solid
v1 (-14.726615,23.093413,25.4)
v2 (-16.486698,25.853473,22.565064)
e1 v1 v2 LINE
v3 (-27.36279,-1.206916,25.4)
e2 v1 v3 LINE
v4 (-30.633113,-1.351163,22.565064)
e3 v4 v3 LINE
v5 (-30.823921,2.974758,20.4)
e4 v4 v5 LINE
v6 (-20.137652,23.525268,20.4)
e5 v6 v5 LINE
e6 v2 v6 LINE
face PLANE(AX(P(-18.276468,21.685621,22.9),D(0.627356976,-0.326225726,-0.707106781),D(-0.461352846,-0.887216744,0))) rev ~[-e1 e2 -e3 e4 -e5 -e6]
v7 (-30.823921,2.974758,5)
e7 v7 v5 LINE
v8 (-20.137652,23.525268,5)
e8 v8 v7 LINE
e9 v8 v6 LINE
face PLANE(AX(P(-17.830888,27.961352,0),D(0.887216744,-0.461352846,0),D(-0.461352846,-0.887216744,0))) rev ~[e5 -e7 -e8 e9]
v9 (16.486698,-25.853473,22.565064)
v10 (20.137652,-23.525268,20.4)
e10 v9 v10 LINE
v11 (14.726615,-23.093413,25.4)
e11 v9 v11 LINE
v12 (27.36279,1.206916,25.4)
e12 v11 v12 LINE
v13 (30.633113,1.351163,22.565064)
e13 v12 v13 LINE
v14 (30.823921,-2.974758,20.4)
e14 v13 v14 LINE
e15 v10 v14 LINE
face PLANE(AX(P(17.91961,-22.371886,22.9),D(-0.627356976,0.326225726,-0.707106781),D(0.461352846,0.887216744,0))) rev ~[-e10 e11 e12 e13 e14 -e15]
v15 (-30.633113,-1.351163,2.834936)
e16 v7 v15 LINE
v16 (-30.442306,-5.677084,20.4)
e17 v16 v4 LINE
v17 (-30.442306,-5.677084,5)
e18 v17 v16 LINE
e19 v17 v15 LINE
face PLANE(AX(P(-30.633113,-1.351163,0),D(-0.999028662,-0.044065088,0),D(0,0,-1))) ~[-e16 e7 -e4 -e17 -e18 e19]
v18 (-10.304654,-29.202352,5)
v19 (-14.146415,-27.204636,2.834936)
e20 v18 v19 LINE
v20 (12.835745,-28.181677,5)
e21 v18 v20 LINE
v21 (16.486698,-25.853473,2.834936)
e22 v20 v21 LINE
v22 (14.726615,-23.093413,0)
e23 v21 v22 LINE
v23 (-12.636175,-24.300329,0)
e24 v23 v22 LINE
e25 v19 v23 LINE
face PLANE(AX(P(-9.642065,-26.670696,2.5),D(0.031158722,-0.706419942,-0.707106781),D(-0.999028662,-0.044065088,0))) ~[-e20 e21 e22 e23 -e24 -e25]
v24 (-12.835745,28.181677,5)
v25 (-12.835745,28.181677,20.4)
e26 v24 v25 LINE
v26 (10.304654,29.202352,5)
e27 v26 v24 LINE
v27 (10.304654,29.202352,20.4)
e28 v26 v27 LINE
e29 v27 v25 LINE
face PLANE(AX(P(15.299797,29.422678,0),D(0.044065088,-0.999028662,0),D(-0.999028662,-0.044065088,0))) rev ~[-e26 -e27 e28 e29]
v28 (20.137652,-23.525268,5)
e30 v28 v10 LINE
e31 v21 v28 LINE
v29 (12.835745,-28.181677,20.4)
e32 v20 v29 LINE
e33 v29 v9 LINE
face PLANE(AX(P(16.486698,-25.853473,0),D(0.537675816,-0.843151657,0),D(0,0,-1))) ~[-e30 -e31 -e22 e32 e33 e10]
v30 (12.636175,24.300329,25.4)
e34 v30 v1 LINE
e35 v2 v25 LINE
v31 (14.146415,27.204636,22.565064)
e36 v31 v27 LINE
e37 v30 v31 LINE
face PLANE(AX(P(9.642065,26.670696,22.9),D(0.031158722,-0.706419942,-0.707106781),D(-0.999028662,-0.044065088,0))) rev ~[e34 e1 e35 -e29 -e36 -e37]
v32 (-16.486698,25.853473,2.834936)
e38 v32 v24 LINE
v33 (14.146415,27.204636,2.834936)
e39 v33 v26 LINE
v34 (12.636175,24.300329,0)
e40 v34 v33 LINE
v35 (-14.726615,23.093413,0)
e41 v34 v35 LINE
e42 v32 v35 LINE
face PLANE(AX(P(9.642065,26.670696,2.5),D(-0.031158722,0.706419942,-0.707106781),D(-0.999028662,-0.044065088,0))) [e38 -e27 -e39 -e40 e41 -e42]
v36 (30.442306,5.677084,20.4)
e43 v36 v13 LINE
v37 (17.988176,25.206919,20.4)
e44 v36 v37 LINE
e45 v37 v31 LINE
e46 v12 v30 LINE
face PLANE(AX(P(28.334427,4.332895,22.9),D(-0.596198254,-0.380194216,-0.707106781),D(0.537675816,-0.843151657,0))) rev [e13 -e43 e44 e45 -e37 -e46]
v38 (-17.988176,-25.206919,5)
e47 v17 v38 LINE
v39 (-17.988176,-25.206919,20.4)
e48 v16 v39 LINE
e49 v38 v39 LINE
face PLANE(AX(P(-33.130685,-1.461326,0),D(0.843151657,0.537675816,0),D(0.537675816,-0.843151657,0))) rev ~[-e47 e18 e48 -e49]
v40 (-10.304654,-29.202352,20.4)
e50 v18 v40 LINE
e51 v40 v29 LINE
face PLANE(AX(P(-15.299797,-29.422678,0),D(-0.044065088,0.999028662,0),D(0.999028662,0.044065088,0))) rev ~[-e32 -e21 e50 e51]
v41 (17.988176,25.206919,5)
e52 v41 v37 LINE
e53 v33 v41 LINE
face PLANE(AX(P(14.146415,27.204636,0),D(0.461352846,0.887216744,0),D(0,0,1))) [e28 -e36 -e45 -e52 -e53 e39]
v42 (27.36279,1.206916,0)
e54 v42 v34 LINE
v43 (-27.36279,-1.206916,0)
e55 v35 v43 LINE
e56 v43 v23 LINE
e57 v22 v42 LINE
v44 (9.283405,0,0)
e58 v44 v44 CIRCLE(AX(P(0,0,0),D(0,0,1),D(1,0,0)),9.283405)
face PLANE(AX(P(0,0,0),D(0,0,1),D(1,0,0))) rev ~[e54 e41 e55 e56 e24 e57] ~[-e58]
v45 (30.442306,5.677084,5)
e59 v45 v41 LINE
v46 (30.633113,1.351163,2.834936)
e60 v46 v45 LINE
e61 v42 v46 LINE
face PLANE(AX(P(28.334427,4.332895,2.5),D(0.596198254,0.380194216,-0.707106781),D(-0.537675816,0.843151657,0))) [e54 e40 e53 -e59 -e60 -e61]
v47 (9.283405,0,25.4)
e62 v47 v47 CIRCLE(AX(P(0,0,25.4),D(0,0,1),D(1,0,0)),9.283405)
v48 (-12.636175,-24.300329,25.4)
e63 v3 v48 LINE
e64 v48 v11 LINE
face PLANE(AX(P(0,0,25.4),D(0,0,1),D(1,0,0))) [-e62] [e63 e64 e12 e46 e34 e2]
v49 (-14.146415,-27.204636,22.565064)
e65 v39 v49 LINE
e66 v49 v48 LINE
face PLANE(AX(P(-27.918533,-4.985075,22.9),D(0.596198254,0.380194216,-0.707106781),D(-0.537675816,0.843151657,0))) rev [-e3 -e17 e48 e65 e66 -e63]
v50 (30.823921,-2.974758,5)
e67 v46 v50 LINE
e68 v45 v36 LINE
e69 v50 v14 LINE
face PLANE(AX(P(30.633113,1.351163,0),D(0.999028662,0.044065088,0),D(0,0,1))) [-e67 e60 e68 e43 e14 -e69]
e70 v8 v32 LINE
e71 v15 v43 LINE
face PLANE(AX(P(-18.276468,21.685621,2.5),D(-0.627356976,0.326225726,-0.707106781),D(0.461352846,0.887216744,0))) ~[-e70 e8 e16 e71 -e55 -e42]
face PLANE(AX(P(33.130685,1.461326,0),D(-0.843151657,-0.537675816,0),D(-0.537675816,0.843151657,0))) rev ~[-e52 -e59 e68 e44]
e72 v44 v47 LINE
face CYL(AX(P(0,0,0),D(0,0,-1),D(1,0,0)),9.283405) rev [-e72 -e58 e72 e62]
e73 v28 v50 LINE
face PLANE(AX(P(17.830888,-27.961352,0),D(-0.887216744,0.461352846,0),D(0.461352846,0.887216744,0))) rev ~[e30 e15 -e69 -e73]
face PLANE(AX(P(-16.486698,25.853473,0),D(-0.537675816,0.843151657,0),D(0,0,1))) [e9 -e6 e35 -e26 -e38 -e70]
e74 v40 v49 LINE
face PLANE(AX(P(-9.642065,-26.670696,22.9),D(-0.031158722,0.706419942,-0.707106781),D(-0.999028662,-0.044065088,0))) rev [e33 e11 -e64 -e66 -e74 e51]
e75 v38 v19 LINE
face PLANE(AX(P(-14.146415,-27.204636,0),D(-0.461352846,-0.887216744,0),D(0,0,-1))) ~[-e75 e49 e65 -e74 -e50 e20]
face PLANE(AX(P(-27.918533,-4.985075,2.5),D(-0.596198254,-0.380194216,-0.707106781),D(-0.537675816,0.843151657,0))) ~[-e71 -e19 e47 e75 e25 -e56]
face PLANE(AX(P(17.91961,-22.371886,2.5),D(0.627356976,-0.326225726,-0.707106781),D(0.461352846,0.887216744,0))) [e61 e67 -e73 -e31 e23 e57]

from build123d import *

# Parameters (mm, degrees)
F0_R     = 9.283405223
F1_DEPTH = 25.4
F2_SIZE  = 5
F3_SIZE  = 5


with BuildPart() as f1:
    # F0 (on Top) → F1 (new body)
    with BuildSketch(Plane.XY):
        Polygon((-17.8308878342, 27.9613517337), (-33.1306848427, -1.4613259696), (-15.2997970084, -29.4226777033), (17.8308878342, -27.9613517337), (33.1306848427, 1.4613259696), (15.2997970084, 29.4226777033), align=None)
        Circle(F0_R, mode=Mode.SUBTRACT)
    extrude(amount=F1_DEPTH)

    # F2
    f2_edges = [f1.edges().sort_by_distance(p)[0] for p in [
        (-17.830888, 27.961352, 12.7),
        (15.299797, 29.422678, 12.7),
        (33.130685, 1.461326, 12.7),
        (-33.130685, -1.461326, 12.7),
        (-15.299797, -29.422678, 12.7),
        (17.830888, -27.961352, 12.7),
    ]]
    chamfer(f2_edges, length=F2_SIZE)

    # F3 (call 1 of 12: OpenCascade refuses the feature's edges together)
    f3_edges = [f1.edges().sort_by_distance(p)[0] for p in [
        (24.215241, 15.442002, 0),
    ]]
    chamfer(f3_edges, length=F3_SIZE)

    # F3#2 (call 2 of 12)
    f3_2_edges = [f1.edges().sort_by_distance(p)[0] for p in [
        (-1.265545, 28.692015, 0),
    ]]
    chamfer(f3_2_edges, length=F3_SIZE)

    # F3#3 (call 3 of 12)
    f3_3_edges = [f1.edges().sort_by_distance(p)[0] for p in [
        (24.215241, 15.442002, 25.4),
    ]]
    chamfer(f3_3_edges, length=F3_SIZE)

    # F3#4 (call 4 of 12)
    f3_4_edges = [f1.edges().sort_by_distance(p)[0] for p in [
        (-1.265545, 28.692015, 25.4),
    ]]
    chamfer(f3_4_edges, length=F3_SIZE)

    # F3#5 (call 5 of 12)
    f3_5_edges = [f1.edges().sort_by_distance(p)[0] for p in [
        (-25.480786, 13.250013, 25.4),
    ]]
    chamfer(f3_5_edges, length=F3_SIZE)

    # F3#6 (call 6 of 12)
    f3_6_edges = [f1.edges().sort_by_distance(p)[0] for p in [
        (-25.480786, 13.250013, 0),
    ]]
    chamfer(f3_6_edges, length=F3_SIZE)

    # F3#7 (call 7 of 12)
    f3_7_edges = [f1.edges().sort_by_distance(p)[0] for p in [
        (-24.215241, -15.442002, 25.4),
    ]]
    chamfer(f3_7_edges, length=F3_SIZE)

    # F3#8 (call 8 of 12)
    f3_8_edges = [f1.edges().sort_by_distance(p)[0] for p in [
        (-24.215241, -15.442002, 0),
    ]]
    chamfer(f3_8_edges, length=F3_SIZE)

    # F3#9 (call 9 of 12)
    f3_9_edges = [f1.edges().sort_by_distance(p)[0] for p in [
        (25.480786, -13.250013, 25.4),
    ]]
    chamfer(f3_9_edges, length=F3_SIZE)

    # F3#10 (call 10 of 12)
    f3_10_edges = [f1.edges().sort_by_distance(p)[0] for p in [
        (25.480786, -13.250013, 0),
    ]]
    chamfer(f3_10_edges, length=F3_SIZE)

    # F3#11 (call 11 of 12)
    f3_11_edges = [f1.edges().sort_by_distance(p)[0] for p in [
        (1.265545, -28.692015, 0),
    ]]
    chamfer(f3_11_edges, length=F3_SIZE)

    # F3#12 (call 12 of 12)
    f3_12_edges = [f1.edges().sort_by_distance(p)[0] for p in [
        (1.265545, -28.692015, 25.4),
    ]]
    chamfer(f3_12_edges, length=F3_SIZE)


solid = f1.part
